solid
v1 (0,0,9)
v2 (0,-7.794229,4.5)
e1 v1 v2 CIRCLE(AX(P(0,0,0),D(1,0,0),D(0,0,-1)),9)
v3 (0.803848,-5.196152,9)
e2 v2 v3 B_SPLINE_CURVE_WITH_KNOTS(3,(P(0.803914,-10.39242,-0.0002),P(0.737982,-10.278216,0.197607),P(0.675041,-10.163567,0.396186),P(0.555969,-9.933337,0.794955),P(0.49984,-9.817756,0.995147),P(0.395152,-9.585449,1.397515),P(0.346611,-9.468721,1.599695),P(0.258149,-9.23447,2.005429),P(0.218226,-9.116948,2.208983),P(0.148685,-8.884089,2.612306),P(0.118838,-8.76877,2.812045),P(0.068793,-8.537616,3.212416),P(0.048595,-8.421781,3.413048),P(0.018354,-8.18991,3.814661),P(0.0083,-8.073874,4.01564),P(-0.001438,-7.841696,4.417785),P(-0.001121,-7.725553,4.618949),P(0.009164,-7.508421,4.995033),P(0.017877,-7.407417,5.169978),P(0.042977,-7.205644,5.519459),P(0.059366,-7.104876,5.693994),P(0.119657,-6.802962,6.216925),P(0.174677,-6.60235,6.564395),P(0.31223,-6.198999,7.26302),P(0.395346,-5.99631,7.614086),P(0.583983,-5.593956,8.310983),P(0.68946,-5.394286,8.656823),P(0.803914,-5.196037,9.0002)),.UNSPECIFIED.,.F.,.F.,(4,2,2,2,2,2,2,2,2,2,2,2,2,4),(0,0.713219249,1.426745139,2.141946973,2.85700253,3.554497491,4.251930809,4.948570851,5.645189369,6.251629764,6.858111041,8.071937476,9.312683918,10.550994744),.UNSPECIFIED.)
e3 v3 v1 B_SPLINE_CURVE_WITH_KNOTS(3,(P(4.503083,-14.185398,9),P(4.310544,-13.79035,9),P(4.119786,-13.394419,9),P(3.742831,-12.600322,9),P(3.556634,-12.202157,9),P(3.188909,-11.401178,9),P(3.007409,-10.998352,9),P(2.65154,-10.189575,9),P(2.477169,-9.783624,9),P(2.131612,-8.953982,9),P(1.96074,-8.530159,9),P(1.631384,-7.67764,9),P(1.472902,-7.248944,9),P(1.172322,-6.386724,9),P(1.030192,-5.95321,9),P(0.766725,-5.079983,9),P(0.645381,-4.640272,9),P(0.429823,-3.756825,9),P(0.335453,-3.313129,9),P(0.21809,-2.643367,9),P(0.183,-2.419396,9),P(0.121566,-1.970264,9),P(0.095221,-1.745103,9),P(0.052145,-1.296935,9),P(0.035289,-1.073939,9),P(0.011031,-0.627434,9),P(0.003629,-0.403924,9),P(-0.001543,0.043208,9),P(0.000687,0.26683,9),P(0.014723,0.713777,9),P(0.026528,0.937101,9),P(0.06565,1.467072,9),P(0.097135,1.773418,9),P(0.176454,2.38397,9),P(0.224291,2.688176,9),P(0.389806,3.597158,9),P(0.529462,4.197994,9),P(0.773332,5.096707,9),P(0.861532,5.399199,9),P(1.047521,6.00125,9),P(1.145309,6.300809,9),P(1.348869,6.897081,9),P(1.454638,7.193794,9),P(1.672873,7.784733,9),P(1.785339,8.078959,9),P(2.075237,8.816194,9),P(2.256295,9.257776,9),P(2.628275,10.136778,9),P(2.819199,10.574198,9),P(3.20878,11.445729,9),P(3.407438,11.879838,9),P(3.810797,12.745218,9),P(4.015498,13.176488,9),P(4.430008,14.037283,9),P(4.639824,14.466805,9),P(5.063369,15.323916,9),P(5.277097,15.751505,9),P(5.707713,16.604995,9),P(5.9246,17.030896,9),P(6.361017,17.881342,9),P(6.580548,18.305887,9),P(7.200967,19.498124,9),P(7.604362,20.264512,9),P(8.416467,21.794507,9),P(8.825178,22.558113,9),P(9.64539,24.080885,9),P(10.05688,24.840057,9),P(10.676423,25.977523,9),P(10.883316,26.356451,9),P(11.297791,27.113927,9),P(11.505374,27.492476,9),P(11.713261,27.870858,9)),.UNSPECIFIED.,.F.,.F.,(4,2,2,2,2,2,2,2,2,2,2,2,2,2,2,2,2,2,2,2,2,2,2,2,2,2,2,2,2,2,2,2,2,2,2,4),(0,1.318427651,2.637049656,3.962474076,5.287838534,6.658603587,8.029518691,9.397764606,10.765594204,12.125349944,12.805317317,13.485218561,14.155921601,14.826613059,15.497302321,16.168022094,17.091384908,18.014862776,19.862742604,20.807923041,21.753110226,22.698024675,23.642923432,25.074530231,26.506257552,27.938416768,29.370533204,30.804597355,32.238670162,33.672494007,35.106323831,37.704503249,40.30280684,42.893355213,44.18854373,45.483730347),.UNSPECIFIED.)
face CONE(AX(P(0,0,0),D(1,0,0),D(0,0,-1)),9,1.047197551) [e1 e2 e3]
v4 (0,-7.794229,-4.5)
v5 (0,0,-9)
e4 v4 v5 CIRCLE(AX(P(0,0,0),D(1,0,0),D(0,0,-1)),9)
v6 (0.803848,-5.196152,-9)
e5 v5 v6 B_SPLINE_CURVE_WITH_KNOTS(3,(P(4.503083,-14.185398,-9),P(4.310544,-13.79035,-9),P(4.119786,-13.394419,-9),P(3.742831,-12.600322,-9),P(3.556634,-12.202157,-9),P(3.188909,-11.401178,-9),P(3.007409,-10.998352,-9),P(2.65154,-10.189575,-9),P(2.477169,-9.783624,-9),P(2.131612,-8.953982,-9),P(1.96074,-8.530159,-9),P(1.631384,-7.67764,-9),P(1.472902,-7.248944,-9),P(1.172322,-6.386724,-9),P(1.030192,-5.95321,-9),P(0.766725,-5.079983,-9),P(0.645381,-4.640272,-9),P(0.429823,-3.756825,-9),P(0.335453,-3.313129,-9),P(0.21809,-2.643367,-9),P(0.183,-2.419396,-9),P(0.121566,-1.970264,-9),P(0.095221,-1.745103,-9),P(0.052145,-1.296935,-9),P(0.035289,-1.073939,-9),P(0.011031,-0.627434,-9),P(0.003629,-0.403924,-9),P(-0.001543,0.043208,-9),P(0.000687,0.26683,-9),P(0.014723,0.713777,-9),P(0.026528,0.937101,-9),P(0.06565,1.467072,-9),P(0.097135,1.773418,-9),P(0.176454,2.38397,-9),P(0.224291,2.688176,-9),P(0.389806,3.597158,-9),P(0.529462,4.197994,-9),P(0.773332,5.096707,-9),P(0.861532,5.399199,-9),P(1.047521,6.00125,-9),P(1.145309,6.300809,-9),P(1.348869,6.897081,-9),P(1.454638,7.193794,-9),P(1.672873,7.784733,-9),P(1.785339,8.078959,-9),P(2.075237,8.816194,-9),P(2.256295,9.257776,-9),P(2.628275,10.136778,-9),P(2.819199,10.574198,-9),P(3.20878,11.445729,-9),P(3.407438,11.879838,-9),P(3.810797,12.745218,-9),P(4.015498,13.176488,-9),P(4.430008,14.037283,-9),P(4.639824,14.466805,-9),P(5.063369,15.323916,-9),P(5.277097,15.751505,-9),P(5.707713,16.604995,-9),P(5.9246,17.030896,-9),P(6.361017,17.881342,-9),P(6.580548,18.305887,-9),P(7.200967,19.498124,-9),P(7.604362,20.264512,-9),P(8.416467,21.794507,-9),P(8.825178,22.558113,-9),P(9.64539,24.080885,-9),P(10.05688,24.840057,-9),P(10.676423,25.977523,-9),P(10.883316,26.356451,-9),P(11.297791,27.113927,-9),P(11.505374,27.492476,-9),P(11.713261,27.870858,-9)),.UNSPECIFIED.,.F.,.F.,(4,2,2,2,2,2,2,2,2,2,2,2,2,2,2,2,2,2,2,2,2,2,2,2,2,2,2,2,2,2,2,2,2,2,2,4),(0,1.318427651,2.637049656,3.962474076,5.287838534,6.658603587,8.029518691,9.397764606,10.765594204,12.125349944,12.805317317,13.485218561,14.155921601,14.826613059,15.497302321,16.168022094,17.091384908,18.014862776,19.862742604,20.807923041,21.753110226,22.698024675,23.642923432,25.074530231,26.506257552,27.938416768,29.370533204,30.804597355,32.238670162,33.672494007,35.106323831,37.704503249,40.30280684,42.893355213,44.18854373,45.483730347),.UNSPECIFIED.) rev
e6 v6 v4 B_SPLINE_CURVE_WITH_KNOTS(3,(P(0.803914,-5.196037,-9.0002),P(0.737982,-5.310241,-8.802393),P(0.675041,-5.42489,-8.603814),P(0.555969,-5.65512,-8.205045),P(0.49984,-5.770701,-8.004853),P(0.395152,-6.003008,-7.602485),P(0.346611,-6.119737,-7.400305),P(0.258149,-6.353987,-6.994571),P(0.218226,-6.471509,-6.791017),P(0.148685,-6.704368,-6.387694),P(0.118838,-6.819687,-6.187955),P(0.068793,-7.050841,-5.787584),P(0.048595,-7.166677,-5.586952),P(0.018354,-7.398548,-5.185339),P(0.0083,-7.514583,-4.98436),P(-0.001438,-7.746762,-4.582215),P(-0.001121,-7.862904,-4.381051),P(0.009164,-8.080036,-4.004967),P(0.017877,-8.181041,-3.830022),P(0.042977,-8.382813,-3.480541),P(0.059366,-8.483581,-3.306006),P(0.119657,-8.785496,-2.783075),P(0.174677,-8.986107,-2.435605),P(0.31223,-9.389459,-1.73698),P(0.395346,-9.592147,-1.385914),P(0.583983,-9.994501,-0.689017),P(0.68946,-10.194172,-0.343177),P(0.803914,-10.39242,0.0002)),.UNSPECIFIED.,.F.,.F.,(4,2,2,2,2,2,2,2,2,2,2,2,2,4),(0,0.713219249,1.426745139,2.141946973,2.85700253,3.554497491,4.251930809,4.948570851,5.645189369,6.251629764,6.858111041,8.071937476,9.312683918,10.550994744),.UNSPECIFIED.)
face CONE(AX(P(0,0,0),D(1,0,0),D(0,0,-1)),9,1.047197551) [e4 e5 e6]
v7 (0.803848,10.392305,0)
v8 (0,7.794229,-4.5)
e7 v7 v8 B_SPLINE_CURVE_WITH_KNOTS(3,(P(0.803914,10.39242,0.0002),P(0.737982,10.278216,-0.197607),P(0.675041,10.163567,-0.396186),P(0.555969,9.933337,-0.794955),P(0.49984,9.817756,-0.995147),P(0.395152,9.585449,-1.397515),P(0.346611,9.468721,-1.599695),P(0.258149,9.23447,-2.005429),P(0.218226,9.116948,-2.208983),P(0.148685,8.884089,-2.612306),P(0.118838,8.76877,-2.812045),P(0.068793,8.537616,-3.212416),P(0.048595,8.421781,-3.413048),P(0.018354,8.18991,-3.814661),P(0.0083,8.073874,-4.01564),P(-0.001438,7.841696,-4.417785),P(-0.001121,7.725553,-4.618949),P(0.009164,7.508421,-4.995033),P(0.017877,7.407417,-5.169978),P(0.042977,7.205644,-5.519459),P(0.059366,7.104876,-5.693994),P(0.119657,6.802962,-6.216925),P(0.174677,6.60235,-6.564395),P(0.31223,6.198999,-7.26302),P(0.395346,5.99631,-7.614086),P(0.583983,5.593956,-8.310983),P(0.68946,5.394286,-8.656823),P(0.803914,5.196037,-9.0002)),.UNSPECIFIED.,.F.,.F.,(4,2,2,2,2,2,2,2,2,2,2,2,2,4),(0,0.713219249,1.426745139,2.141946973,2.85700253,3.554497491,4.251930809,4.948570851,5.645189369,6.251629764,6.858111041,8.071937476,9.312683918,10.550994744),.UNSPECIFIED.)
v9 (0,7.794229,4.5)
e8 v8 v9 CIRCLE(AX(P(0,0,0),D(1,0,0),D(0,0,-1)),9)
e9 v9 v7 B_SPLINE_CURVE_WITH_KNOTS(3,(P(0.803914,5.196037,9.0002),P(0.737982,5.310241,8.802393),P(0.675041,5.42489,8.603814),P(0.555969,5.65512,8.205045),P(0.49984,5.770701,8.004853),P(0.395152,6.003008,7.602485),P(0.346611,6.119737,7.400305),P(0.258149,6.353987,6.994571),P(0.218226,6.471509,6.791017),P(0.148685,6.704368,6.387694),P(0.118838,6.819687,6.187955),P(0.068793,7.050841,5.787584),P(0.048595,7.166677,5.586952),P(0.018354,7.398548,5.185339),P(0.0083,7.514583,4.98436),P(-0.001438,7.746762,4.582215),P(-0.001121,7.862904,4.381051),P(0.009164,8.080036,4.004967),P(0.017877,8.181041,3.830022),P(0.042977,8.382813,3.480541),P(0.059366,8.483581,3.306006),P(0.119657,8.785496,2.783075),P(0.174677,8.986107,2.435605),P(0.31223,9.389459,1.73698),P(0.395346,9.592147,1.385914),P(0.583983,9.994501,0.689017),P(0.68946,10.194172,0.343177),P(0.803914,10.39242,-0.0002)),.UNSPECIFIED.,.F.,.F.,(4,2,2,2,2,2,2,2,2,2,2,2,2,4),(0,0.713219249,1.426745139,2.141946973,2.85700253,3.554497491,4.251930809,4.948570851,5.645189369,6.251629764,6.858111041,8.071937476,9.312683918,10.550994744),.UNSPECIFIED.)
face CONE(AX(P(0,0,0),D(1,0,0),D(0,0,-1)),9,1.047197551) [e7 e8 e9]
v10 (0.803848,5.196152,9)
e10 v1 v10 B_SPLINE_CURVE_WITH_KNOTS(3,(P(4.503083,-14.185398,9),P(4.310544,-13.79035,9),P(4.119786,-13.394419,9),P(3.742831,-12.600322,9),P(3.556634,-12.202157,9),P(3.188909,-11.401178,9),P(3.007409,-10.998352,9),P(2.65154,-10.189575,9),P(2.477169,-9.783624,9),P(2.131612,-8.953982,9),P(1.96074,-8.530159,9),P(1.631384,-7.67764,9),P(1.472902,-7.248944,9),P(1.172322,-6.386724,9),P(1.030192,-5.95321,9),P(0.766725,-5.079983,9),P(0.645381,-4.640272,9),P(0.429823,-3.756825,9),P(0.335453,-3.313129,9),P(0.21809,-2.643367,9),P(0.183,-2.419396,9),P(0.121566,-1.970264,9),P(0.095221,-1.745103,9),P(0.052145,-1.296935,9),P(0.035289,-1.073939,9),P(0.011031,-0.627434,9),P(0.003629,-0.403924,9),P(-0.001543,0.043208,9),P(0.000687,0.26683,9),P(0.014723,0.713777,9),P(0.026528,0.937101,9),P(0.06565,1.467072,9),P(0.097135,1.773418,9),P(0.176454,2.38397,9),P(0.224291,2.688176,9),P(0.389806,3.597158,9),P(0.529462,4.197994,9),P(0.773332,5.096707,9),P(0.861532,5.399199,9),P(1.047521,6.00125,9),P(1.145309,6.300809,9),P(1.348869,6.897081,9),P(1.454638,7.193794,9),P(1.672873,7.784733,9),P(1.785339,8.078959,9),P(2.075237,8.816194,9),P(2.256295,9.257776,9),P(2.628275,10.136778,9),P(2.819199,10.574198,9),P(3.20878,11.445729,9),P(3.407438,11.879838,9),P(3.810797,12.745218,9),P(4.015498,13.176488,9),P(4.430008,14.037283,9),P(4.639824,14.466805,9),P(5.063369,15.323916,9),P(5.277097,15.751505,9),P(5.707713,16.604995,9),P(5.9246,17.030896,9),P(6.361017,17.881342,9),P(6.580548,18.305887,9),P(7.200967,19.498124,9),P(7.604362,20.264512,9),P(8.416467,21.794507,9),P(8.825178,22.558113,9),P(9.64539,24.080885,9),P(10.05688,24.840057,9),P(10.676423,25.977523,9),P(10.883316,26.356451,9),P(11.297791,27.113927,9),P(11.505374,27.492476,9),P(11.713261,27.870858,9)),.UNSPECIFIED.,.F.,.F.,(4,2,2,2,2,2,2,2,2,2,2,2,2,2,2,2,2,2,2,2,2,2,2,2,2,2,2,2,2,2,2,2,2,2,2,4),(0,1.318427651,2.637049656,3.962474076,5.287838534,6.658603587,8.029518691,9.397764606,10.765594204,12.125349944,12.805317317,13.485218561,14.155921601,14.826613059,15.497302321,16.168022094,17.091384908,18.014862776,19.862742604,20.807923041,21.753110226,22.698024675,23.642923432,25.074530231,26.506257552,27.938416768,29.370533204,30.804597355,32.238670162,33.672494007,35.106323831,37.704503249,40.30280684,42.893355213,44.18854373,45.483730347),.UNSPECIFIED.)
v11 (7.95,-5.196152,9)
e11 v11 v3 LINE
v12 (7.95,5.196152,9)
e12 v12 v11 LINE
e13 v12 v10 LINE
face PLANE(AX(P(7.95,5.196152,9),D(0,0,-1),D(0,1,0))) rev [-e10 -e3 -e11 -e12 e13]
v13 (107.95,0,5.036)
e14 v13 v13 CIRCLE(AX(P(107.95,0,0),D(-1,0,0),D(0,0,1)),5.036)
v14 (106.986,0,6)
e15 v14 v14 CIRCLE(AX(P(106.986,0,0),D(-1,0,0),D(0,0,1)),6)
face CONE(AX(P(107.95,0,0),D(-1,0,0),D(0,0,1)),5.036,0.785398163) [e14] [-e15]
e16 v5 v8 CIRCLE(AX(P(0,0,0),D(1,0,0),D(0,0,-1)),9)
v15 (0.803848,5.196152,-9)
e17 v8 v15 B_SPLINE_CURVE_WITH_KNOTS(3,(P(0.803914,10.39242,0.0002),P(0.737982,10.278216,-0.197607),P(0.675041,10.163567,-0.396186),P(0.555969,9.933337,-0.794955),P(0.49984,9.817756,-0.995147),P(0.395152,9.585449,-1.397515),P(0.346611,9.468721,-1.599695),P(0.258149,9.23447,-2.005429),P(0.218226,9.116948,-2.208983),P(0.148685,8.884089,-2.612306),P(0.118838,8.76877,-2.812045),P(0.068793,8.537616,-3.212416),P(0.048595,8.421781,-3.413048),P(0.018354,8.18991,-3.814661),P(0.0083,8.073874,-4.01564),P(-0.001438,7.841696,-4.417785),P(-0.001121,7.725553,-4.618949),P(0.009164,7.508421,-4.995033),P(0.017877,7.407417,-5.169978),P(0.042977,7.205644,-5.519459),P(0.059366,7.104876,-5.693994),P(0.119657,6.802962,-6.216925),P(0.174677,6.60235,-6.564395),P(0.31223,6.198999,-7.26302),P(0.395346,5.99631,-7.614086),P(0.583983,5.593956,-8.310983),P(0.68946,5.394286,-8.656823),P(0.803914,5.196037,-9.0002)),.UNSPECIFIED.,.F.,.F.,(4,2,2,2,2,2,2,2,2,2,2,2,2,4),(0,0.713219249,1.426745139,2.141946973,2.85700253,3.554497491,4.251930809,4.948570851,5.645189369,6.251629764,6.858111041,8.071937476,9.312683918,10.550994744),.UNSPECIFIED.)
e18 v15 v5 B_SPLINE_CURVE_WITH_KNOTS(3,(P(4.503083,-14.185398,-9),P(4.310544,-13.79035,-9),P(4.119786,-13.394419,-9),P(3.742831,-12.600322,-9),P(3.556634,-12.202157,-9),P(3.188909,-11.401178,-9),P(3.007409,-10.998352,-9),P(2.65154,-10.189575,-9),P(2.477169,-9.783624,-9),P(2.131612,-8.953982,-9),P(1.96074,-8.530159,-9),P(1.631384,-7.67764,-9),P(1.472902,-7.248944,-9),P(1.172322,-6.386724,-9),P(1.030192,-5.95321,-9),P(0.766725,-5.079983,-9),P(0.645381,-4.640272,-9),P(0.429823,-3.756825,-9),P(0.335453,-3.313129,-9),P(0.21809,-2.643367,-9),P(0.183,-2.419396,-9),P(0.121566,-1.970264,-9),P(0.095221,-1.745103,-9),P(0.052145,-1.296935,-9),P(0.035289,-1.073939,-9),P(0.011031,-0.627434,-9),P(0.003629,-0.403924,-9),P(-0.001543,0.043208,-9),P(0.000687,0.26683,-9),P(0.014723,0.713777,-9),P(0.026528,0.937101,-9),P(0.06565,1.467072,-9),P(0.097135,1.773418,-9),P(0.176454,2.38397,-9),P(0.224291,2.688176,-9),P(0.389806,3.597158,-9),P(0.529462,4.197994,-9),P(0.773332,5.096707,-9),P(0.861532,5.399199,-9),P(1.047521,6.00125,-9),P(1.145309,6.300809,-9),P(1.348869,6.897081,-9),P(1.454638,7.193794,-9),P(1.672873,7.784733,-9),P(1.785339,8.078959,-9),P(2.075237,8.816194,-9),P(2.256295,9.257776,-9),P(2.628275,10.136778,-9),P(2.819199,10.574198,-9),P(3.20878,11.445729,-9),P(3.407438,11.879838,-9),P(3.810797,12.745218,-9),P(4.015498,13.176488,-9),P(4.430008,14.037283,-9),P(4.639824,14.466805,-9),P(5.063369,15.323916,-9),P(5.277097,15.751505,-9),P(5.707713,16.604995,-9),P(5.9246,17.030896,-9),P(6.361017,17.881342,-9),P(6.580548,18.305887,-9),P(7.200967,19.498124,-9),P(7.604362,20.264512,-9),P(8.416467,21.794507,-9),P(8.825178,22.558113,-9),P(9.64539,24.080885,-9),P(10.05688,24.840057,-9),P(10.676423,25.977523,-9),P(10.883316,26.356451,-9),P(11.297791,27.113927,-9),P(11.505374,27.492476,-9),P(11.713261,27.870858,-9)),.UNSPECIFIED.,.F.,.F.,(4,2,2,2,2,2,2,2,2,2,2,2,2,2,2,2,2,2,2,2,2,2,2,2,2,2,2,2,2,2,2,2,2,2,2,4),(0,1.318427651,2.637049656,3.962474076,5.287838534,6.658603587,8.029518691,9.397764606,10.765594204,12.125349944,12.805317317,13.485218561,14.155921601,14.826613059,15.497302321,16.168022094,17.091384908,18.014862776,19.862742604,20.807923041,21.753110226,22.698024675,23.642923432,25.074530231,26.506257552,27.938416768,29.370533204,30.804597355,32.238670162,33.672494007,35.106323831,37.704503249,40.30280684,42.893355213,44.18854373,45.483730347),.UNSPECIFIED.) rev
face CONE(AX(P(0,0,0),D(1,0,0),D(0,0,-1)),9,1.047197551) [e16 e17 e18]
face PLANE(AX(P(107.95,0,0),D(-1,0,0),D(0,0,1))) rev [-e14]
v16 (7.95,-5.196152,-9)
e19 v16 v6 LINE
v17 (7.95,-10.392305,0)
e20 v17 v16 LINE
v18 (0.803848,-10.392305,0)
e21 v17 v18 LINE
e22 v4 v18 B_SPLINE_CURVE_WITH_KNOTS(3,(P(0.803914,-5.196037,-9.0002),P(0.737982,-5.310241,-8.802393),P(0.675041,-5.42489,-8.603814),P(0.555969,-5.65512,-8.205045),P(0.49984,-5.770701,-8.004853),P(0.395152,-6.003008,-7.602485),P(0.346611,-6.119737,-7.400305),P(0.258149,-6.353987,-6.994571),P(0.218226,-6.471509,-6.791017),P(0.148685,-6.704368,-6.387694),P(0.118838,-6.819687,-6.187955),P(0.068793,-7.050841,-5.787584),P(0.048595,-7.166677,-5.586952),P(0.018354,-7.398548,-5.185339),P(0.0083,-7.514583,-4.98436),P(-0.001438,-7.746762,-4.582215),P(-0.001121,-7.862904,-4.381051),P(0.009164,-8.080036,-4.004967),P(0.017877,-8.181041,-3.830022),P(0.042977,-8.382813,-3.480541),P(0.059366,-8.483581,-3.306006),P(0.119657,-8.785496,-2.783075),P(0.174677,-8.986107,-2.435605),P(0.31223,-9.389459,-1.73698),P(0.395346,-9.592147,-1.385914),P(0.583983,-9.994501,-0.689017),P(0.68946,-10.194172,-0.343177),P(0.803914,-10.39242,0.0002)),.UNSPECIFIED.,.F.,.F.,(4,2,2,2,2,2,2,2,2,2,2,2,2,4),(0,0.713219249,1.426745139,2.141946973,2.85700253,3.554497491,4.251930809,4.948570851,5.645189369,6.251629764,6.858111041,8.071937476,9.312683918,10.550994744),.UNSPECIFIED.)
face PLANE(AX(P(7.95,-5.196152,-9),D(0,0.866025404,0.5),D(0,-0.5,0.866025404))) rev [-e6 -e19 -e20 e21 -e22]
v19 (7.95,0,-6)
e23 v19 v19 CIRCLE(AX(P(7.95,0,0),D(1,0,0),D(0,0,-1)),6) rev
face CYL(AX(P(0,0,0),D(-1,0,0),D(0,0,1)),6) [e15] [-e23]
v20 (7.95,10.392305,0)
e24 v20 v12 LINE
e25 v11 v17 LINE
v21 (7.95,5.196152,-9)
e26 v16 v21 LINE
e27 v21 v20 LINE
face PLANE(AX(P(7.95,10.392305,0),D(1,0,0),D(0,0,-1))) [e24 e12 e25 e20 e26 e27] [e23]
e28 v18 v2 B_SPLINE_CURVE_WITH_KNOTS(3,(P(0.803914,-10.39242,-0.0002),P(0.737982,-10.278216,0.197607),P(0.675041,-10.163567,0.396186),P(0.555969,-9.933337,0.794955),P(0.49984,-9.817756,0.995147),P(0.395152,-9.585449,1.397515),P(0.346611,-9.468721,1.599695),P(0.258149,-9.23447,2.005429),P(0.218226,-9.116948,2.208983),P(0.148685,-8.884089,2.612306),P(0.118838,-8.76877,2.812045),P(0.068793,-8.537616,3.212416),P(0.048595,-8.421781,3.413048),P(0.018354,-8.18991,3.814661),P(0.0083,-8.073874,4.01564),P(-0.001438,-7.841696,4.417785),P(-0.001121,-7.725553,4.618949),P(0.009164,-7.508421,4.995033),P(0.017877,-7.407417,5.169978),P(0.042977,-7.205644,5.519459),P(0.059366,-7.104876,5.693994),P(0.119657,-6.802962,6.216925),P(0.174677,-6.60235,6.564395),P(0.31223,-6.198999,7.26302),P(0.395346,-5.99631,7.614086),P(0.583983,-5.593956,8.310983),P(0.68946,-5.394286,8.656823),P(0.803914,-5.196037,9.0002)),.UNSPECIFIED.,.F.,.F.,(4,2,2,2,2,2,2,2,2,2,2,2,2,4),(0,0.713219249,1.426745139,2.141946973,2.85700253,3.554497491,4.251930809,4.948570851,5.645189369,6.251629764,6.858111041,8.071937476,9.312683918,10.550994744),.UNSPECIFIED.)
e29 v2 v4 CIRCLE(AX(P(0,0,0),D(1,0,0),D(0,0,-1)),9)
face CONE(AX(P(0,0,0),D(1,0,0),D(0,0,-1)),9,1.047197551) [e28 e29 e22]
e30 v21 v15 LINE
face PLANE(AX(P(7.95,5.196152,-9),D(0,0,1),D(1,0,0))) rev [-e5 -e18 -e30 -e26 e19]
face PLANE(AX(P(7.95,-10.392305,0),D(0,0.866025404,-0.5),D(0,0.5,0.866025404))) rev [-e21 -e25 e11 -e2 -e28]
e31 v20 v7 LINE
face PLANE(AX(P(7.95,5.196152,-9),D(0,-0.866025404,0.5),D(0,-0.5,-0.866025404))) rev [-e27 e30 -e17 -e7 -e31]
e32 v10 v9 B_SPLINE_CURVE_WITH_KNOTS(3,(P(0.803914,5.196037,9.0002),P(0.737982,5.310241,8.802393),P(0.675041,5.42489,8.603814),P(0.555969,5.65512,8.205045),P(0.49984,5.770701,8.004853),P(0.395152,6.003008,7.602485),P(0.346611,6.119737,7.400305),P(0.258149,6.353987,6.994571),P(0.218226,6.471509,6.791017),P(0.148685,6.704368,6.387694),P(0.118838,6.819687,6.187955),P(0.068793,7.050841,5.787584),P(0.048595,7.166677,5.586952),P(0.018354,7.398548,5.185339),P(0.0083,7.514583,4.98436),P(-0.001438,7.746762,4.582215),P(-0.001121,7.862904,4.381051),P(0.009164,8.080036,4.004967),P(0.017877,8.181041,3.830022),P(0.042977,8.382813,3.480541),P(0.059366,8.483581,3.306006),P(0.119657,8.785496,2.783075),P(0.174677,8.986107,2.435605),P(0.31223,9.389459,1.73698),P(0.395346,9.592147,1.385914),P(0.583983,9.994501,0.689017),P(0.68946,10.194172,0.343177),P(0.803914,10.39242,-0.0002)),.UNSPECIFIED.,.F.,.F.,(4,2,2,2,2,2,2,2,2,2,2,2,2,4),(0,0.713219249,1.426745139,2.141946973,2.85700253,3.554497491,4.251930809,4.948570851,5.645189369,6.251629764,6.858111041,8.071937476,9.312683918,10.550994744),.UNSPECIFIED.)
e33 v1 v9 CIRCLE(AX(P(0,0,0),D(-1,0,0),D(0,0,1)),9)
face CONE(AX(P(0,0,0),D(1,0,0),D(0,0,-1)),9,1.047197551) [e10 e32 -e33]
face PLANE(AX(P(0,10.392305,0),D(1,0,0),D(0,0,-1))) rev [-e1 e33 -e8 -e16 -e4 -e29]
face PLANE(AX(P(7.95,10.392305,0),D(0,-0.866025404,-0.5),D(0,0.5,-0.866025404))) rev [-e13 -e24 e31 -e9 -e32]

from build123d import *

# Parameters (mm, degrees)
BASEHEAD_DEPTH = 7.95


with BuildPart() as part:
    # Sketch1 → BaseHead (new body)
    with BuildSketch(Plane(origin=(0, 0, 0), x_dir=(0, 0, -1), z_dir=(1, 0, 0))):
        Polygon((9, 5.196152423), (9, -5.196152423), (0, -10.392304845), (-9, -5.196152423), (-9, 5.196152423), (0, 10.392304845), align=None)
    extrude(amount=BASEHEAD_DEPTH)

    # BodySke → BaseBody (revolve)
    with BuildSketch(Plane.XY, mode=Mode.PRIVATE) as basebody_sk:
        Polygon((0, 0), (107.95, 0), (107.95, 5.036), (106.986, 6), (0, 6), align=None)
    revolve(basebody_sk.sketch.rotate(Axis((0, 0, 0), (1, 0, 0)), 90), axis=Axis((0, 0, 0), (1, 0, 0)))

    # Sketch3 → HeadChamfer (revolve, cut)
    with BuildSketch(Plane.XY):
        Polygon((0, 9), (3.690598923, 15.392304845), (3.690598923, 20.392304845), (-10, 20.392304845), (-10, 9), align=None)
    revolve(axis=Axis((0, 0, 0), (1, 0, 0)), mode=Mode.SUBTRACT)


solid = part.part
